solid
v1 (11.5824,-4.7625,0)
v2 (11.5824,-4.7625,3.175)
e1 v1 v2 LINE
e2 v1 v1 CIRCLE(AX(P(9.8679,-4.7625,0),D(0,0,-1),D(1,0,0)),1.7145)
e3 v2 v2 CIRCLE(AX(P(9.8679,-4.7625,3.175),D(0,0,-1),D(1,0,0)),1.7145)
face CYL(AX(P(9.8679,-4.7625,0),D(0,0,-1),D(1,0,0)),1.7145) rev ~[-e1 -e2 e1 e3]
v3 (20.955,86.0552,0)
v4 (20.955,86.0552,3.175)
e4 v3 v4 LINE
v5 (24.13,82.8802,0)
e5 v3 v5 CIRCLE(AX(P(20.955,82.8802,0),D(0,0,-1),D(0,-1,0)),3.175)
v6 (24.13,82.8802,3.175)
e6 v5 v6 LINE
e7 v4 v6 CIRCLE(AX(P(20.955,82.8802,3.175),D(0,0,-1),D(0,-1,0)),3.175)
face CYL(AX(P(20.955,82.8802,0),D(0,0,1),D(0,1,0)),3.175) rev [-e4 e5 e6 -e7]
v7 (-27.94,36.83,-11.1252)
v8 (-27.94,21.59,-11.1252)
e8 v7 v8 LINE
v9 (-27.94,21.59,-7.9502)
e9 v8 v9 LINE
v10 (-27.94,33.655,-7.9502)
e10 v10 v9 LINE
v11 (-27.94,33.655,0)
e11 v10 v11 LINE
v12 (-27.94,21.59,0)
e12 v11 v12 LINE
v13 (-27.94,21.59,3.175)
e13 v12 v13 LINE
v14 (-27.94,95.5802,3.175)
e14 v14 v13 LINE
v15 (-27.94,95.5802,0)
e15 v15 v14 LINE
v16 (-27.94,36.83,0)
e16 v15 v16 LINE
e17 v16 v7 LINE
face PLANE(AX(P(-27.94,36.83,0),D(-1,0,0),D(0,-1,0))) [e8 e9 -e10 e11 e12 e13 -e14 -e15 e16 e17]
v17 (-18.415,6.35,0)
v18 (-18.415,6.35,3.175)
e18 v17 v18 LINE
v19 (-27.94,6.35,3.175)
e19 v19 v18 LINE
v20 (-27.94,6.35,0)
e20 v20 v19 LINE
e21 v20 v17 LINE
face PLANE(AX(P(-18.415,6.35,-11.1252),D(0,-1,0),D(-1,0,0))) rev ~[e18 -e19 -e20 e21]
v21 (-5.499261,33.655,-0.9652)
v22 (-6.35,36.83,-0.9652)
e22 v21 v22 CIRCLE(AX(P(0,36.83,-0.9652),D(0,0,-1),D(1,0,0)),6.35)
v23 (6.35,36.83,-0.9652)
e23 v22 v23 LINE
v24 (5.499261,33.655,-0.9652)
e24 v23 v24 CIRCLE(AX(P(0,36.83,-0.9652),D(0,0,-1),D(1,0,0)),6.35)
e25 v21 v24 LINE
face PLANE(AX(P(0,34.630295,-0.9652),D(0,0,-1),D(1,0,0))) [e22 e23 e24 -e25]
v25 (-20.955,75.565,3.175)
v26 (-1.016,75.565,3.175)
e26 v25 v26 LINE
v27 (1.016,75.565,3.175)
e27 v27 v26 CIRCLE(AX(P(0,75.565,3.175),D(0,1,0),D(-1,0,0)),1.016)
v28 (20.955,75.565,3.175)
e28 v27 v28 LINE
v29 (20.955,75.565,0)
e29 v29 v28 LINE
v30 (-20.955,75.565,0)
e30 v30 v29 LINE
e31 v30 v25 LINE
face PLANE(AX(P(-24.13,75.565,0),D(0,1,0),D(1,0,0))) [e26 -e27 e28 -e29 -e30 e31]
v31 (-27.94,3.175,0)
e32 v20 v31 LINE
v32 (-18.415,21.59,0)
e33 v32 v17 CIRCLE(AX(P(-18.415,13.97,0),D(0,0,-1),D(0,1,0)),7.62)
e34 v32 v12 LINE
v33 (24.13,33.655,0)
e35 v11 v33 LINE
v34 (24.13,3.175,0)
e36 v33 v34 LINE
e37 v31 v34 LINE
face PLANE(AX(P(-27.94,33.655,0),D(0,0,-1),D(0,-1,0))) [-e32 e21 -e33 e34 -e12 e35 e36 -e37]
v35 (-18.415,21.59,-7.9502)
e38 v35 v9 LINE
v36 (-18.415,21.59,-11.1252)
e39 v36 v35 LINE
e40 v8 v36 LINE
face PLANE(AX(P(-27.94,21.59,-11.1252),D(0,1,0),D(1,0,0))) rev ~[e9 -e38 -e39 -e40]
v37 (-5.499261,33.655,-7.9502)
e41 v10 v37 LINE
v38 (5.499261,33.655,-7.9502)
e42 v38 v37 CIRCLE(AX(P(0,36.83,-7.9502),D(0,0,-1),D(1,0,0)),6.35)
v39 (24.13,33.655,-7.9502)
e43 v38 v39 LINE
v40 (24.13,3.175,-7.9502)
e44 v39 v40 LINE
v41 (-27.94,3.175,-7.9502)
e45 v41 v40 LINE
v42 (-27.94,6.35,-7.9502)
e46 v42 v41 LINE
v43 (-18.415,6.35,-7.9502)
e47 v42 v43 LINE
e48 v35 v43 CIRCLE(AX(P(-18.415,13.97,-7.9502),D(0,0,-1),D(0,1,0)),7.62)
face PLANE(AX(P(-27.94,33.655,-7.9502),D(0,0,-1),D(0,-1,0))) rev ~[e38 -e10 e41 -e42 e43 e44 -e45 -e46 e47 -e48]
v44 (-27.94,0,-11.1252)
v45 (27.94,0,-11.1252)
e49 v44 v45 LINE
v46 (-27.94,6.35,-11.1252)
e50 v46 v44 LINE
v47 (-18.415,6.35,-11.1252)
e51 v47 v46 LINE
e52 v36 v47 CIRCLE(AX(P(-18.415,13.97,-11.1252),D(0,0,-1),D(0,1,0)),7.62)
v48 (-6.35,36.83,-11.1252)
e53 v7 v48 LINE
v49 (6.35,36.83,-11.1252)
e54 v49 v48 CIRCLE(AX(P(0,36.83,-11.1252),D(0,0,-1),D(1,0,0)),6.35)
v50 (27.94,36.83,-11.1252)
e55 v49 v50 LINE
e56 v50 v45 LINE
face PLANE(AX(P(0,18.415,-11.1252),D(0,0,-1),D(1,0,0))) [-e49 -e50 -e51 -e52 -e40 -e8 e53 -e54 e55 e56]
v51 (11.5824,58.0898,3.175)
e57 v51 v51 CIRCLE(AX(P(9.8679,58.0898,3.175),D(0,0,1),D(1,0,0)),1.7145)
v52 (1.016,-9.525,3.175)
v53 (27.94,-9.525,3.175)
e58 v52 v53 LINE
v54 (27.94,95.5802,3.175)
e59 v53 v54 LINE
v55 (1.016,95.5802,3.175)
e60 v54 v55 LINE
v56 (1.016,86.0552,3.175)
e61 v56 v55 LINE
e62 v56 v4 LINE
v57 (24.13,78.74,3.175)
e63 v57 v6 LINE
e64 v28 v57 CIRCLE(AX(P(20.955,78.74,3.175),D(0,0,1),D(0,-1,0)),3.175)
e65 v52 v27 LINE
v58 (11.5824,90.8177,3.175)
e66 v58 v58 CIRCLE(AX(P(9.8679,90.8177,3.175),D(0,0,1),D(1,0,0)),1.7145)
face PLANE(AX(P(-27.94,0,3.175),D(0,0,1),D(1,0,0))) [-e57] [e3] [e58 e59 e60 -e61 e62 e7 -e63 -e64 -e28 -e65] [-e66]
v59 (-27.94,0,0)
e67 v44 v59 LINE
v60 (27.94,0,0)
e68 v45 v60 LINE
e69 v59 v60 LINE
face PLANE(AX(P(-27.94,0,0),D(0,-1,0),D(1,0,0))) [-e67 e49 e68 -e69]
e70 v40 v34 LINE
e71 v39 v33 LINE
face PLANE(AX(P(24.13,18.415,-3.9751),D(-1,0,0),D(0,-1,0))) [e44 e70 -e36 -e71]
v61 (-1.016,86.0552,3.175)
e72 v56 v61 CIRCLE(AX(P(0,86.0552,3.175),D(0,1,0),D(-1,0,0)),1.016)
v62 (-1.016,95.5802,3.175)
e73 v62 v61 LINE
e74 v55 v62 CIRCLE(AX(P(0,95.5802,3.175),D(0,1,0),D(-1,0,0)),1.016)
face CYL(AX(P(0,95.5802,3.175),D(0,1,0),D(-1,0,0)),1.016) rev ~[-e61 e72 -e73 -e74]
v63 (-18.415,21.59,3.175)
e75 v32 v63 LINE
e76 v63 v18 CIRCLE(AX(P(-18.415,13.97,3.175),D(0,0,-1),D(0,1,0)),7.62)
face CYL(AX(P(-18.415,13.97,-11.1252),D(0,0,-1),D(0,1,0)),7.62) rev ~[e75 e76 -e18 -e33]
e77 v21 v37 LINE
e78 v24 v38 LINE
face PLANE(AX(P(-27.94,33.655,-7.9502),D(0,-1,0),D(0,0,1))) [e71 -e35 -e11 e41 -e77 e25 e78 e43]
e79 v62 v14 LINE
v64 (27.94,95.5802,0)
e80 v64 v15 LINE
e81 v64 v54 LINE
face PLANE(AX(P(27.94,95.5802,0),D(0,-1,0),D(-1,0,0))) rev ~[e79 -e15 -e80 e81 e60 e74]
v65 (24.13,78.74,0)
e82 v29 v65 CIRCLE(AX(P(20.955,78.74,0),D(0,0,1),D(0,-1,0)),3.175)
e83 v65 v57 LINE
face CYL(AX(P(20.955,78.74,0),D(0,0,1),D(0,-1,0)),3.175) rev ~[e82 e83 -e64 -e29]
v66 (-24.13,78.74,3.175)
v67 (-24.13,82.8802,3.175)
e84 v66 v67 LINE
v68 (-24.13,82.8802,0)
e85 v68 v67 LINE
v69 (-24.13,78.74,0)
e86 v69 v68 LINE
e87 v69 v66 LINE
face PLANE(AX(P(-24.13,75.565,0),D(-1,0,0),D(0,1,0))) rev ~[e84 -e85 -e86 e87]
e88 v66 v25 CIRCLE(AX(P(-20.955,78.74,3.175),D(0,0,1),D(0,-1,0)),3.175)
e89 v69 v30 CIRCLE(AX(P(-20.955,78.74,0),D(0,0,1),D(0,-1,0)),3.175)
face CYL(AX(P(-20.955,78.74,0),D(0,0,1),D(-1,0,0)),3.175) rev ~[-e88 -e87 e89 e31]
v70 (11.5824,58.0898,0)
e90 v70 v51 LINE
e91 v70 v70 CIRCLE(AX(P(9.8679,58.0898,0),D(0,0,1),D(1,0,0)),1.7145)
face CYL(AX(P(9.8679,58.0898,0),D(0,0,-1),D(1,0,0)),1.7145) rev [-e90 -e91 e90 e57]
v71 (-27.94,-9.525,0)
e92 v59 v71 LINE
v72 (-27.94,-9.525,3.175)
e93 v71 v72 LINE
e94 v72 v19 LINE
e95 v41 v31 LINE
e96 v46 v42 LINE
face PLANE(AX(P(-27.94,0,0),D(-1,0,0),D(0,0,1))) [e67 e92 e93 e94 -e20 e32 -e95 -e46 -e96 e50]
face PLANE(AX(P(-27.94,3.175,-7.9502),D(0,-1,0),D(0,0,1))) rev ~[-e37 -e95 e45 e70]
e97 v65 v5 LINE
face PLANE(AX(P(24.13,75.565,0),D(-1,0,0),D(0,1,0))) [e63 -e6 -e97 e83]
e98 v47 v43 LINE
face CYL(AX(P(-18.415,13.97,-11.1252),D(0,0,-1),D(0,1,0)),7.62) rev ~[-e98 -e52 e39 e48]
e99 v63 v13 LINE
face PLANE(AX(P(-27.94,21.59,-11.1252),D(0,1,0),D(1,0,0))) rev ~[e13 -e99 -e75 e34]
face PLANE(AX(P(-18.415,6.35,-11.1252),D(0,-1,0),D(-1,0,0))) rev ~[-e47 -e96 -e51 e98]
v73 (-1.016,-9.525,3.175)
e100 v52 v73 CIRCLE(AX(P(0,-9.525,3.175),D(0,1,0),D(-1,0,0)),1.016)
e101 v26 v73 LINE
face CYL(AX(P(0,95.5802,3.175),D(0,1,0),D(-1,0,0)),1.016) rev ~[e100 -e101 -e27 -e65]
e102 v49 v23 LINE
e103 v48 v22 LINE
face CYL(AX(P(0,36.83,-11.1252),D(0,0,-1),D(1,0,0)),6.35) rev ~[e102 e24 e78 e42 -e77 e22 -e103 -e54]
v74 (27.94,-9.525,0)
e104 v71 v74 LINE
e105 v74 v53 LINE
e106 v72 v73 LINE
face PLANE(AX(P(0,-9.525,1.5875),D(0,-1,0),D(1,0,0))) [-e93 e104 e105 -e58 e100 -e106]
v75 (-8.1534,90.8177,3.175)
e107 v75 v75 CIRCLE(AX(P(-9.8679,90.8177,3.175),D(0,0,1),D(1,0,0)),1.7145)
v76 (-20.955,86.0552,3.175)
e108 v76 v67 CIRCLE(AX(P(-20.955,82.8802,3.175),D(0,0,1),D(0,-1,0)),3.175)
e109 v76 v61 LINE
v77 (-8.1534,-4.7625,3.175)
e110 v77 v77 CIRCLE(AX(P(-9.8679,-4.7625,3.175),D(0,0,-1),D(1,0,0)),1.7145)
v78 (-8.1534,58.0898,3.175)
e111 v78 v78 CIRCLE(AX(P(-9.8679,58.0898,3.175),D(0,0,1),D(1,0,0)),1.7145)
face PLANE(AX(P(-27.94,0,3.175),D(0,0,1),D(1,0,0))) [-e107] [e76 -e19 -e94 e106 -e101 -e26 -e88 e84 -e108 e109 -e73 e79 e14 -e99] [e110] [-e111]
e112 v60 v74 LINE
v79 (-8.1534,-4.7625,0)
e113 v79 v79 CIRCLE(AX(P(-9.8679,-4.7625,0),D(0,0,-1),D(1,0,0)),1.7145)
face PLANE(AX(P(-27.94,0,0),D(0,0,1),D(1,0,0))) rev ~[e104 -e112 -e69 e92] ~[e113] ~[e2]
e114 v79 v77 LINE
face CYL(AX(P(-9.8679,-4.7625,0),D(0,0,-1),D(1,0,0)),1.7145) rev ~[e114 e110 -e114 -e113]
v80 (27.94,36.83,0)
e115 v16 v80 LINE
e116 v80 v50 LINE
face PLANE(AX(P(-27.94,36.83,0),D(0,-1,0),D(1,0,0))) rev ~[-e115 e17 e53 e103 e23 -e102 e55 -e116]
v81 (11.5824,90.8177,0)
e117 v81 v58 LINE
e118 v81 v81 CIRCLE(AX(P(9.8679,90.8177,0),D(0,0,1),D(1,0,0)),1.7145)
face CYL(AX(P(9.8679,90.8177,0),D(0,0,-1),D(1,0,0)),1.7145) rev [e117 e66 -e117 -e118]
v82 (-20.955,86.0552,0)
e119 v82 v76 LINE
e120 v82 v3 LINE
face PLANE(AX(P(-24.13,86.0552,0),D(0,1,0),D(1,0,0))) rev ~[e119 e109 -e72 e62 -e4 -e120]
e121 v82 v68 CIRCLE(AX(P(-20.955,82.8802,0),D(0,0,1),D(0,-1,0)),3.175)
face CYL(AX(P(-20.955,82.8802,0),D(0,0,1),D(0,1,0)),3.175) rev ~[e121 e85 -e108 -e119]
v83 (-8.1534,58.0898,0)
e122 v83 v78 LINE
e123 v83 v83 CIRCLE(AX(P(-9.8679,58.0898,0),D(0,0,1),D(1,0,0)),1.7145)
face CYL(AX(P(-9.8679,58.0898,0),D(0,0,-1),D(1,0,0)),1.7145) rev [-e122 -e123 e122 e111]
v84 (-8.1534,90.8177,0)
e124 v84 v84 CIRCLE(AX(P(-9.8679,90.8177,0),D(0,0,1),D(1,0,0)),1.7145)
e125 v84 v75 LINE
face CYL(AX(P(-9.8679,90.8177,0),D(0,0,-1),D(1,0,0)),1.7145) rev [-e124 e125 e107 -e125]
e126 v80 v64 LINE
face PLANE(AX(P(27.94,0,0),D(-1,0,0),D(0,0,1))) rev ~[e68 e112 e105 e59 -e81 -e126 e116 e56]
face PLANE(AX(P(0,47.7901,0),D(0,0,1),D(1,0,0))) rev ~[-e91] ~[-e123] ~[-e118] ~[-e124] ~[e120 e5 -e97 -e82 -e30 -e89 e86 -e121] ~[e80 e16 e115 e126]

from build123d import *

# Parameters (mm, degrees)
F0_R      = 1.7145
F0_W      = 48.26
F0_H      = 10.4902
F1_DEPTH  = 3.175
F2_W      = 55.88
F2_H      = 36.83
F3_DEPTH  = 11.1252
F5_DEPTH  = 14.3012
F6_W      = 55.88
F6_H      = 3.175
F7_DEPTH  = 9.525
F8_R      = 1.016
F9_DEPTH  = 105.1062
F10_W     = 30.48
F10_H     = 7.9502
F11_DEPTH = 52.07
F12_R     = 3.175
F13_R     = 1.7145
F14_DEPTH = 25.4
F16_DEPTH = 10.16


with BuildPart() as f1:
    # F0 (on Top) → F1 (new body)
    with BuildSketch(Plane.XY):
        Polygon((-27.94, 0), (27.94, 0), (27.94, 72.39), (27.94, 95.5802), (-27.94, 95.5802), (-27.94, 72.39), align=None)
        with Locations((-9.8679, 58.0898)):
            Circle(F0_R, mode=Mode.SUBTRACT)
        with Locations((0, 80.8101)):
            Rectangle(F0_W, F0_H, mode=Mode.SUBTRACT)
        with Locations((-9.8679, 90.8177)):
            Circle(F0_R, mode=Mode.SUBTRACT)
        with Locations((9.8679, 58.0898)):
            Circle(F0_R, mode=Mode.SUBTRACT)
        with Locations((9.8679, 90.8177)):
            Circle(F0_R, mode=Mode.SUBTRACT)
    extrude(amount=F1_DEPTH)

    # F2 (on face) → F3 (join)
    with BuildSketch(Plane(origin=(0, 0, 0), x_dir=(1, 0, 0), z_dir=(0, 0, -1))):
        with Locations((0, -18.415)):
            Rectangle(F2_W, F2_H)
    extrude(amount=F3_DEPTH)

    # F4 (on face) → F5 (cut, through all)
    with BuildSketch(Plane(origin=(0, 0, -11.1252), x_dir=(1, 0, 0), z_dir=(0, 0, -1))):
        with BuildLine():
            Line((-27.94, -6.35), (-27.94, -21.59))
            Line((-27.94, -21.59), (-18.415, -21.59))
            ThreePointArc((-18.415, -21.59), (-10.795, -13.97), (-18.415, -6.35))
            Line((-18.415, -6.35), (-27.94, -6.35))
        make_face()
    extrude(amount=-F5_DEPTH, mode=Mode.SUBTRACT)

    # F6 (on face) → F7 (join)
    with BuildSketch(Plane.XZ):
        with Locations((0, 1.5875)):
            Rectangle(F6_W, F6_H)
    extrude(amount=F7_DEPTH)

    # F8 (on face) → F9 (cut, through all)
    with BuildSketch(Plane(origin=(0, 95.5802, 0), x_dir=(-1, 0, 0), z_dir=(0, 1, 0))):
        with Locations((0, 3.175)):
            Circle(F8_R)
    extrude(amount=-F9_DEPTH, mode=Mode.SUBTRACT)

    # F10 (on face) → F11 (cut)
    with BuildSketch(Plane(origin=(-27.94, 0, 0), x_dir=(0, -1, 0), z_dir=(-1, 0, 0))):
        with Locations((-18.415, -3.9751)):
            Rectangle(F10_W, F10_H)
    extrude(amount=-F11_DEPTH, mode=Mode.SUBTRACT)

    # F12
    f12_edges = [f1.edges().sort_by_distance(p)[0] for p in [
        (24.13, 75.565, 1.5875),
        (-24.13, 75.565, 1.5875),
        (-24.13, 86.0552, 1.5875),
        (24.13, 86.0552, 1.5875),
    ]]
    fillet(f12_edges, radius=F12_R)

    # F13 (on face) → F14 (cut)
    with BuildSketch(Plane(origin=(0, 0, 0), x_dir=(1, 0, 0), z_dir=(0, 0, -1))):
        with Locations((-9.8679, 4.7625)):
            Circle(F13_R)
        with Locations((9.8679, 4.7625)):
            Circle(F13_R)
    extrude(amount=-F14_DEPTH, mode=Mode.SUBTRACT)

    # F15 (on face) → F16 (cut)
    with BuildSketch(Plane(origin=(0, 0, -11.1252), x_dir=(1, 0, 0), z_dir=(0, 0, -1))):
        with BuildLine():
            Line((-6.35, -36.83), (6.35, -36.83))
            ThreePointArc((6.35, -36.83), (0, -30.48), (-6.35, -36.83))
        make_face()
    extrude(amount=-F16_DEPTH, mode=Mode.SUBTRACT)


solid = f1.part
